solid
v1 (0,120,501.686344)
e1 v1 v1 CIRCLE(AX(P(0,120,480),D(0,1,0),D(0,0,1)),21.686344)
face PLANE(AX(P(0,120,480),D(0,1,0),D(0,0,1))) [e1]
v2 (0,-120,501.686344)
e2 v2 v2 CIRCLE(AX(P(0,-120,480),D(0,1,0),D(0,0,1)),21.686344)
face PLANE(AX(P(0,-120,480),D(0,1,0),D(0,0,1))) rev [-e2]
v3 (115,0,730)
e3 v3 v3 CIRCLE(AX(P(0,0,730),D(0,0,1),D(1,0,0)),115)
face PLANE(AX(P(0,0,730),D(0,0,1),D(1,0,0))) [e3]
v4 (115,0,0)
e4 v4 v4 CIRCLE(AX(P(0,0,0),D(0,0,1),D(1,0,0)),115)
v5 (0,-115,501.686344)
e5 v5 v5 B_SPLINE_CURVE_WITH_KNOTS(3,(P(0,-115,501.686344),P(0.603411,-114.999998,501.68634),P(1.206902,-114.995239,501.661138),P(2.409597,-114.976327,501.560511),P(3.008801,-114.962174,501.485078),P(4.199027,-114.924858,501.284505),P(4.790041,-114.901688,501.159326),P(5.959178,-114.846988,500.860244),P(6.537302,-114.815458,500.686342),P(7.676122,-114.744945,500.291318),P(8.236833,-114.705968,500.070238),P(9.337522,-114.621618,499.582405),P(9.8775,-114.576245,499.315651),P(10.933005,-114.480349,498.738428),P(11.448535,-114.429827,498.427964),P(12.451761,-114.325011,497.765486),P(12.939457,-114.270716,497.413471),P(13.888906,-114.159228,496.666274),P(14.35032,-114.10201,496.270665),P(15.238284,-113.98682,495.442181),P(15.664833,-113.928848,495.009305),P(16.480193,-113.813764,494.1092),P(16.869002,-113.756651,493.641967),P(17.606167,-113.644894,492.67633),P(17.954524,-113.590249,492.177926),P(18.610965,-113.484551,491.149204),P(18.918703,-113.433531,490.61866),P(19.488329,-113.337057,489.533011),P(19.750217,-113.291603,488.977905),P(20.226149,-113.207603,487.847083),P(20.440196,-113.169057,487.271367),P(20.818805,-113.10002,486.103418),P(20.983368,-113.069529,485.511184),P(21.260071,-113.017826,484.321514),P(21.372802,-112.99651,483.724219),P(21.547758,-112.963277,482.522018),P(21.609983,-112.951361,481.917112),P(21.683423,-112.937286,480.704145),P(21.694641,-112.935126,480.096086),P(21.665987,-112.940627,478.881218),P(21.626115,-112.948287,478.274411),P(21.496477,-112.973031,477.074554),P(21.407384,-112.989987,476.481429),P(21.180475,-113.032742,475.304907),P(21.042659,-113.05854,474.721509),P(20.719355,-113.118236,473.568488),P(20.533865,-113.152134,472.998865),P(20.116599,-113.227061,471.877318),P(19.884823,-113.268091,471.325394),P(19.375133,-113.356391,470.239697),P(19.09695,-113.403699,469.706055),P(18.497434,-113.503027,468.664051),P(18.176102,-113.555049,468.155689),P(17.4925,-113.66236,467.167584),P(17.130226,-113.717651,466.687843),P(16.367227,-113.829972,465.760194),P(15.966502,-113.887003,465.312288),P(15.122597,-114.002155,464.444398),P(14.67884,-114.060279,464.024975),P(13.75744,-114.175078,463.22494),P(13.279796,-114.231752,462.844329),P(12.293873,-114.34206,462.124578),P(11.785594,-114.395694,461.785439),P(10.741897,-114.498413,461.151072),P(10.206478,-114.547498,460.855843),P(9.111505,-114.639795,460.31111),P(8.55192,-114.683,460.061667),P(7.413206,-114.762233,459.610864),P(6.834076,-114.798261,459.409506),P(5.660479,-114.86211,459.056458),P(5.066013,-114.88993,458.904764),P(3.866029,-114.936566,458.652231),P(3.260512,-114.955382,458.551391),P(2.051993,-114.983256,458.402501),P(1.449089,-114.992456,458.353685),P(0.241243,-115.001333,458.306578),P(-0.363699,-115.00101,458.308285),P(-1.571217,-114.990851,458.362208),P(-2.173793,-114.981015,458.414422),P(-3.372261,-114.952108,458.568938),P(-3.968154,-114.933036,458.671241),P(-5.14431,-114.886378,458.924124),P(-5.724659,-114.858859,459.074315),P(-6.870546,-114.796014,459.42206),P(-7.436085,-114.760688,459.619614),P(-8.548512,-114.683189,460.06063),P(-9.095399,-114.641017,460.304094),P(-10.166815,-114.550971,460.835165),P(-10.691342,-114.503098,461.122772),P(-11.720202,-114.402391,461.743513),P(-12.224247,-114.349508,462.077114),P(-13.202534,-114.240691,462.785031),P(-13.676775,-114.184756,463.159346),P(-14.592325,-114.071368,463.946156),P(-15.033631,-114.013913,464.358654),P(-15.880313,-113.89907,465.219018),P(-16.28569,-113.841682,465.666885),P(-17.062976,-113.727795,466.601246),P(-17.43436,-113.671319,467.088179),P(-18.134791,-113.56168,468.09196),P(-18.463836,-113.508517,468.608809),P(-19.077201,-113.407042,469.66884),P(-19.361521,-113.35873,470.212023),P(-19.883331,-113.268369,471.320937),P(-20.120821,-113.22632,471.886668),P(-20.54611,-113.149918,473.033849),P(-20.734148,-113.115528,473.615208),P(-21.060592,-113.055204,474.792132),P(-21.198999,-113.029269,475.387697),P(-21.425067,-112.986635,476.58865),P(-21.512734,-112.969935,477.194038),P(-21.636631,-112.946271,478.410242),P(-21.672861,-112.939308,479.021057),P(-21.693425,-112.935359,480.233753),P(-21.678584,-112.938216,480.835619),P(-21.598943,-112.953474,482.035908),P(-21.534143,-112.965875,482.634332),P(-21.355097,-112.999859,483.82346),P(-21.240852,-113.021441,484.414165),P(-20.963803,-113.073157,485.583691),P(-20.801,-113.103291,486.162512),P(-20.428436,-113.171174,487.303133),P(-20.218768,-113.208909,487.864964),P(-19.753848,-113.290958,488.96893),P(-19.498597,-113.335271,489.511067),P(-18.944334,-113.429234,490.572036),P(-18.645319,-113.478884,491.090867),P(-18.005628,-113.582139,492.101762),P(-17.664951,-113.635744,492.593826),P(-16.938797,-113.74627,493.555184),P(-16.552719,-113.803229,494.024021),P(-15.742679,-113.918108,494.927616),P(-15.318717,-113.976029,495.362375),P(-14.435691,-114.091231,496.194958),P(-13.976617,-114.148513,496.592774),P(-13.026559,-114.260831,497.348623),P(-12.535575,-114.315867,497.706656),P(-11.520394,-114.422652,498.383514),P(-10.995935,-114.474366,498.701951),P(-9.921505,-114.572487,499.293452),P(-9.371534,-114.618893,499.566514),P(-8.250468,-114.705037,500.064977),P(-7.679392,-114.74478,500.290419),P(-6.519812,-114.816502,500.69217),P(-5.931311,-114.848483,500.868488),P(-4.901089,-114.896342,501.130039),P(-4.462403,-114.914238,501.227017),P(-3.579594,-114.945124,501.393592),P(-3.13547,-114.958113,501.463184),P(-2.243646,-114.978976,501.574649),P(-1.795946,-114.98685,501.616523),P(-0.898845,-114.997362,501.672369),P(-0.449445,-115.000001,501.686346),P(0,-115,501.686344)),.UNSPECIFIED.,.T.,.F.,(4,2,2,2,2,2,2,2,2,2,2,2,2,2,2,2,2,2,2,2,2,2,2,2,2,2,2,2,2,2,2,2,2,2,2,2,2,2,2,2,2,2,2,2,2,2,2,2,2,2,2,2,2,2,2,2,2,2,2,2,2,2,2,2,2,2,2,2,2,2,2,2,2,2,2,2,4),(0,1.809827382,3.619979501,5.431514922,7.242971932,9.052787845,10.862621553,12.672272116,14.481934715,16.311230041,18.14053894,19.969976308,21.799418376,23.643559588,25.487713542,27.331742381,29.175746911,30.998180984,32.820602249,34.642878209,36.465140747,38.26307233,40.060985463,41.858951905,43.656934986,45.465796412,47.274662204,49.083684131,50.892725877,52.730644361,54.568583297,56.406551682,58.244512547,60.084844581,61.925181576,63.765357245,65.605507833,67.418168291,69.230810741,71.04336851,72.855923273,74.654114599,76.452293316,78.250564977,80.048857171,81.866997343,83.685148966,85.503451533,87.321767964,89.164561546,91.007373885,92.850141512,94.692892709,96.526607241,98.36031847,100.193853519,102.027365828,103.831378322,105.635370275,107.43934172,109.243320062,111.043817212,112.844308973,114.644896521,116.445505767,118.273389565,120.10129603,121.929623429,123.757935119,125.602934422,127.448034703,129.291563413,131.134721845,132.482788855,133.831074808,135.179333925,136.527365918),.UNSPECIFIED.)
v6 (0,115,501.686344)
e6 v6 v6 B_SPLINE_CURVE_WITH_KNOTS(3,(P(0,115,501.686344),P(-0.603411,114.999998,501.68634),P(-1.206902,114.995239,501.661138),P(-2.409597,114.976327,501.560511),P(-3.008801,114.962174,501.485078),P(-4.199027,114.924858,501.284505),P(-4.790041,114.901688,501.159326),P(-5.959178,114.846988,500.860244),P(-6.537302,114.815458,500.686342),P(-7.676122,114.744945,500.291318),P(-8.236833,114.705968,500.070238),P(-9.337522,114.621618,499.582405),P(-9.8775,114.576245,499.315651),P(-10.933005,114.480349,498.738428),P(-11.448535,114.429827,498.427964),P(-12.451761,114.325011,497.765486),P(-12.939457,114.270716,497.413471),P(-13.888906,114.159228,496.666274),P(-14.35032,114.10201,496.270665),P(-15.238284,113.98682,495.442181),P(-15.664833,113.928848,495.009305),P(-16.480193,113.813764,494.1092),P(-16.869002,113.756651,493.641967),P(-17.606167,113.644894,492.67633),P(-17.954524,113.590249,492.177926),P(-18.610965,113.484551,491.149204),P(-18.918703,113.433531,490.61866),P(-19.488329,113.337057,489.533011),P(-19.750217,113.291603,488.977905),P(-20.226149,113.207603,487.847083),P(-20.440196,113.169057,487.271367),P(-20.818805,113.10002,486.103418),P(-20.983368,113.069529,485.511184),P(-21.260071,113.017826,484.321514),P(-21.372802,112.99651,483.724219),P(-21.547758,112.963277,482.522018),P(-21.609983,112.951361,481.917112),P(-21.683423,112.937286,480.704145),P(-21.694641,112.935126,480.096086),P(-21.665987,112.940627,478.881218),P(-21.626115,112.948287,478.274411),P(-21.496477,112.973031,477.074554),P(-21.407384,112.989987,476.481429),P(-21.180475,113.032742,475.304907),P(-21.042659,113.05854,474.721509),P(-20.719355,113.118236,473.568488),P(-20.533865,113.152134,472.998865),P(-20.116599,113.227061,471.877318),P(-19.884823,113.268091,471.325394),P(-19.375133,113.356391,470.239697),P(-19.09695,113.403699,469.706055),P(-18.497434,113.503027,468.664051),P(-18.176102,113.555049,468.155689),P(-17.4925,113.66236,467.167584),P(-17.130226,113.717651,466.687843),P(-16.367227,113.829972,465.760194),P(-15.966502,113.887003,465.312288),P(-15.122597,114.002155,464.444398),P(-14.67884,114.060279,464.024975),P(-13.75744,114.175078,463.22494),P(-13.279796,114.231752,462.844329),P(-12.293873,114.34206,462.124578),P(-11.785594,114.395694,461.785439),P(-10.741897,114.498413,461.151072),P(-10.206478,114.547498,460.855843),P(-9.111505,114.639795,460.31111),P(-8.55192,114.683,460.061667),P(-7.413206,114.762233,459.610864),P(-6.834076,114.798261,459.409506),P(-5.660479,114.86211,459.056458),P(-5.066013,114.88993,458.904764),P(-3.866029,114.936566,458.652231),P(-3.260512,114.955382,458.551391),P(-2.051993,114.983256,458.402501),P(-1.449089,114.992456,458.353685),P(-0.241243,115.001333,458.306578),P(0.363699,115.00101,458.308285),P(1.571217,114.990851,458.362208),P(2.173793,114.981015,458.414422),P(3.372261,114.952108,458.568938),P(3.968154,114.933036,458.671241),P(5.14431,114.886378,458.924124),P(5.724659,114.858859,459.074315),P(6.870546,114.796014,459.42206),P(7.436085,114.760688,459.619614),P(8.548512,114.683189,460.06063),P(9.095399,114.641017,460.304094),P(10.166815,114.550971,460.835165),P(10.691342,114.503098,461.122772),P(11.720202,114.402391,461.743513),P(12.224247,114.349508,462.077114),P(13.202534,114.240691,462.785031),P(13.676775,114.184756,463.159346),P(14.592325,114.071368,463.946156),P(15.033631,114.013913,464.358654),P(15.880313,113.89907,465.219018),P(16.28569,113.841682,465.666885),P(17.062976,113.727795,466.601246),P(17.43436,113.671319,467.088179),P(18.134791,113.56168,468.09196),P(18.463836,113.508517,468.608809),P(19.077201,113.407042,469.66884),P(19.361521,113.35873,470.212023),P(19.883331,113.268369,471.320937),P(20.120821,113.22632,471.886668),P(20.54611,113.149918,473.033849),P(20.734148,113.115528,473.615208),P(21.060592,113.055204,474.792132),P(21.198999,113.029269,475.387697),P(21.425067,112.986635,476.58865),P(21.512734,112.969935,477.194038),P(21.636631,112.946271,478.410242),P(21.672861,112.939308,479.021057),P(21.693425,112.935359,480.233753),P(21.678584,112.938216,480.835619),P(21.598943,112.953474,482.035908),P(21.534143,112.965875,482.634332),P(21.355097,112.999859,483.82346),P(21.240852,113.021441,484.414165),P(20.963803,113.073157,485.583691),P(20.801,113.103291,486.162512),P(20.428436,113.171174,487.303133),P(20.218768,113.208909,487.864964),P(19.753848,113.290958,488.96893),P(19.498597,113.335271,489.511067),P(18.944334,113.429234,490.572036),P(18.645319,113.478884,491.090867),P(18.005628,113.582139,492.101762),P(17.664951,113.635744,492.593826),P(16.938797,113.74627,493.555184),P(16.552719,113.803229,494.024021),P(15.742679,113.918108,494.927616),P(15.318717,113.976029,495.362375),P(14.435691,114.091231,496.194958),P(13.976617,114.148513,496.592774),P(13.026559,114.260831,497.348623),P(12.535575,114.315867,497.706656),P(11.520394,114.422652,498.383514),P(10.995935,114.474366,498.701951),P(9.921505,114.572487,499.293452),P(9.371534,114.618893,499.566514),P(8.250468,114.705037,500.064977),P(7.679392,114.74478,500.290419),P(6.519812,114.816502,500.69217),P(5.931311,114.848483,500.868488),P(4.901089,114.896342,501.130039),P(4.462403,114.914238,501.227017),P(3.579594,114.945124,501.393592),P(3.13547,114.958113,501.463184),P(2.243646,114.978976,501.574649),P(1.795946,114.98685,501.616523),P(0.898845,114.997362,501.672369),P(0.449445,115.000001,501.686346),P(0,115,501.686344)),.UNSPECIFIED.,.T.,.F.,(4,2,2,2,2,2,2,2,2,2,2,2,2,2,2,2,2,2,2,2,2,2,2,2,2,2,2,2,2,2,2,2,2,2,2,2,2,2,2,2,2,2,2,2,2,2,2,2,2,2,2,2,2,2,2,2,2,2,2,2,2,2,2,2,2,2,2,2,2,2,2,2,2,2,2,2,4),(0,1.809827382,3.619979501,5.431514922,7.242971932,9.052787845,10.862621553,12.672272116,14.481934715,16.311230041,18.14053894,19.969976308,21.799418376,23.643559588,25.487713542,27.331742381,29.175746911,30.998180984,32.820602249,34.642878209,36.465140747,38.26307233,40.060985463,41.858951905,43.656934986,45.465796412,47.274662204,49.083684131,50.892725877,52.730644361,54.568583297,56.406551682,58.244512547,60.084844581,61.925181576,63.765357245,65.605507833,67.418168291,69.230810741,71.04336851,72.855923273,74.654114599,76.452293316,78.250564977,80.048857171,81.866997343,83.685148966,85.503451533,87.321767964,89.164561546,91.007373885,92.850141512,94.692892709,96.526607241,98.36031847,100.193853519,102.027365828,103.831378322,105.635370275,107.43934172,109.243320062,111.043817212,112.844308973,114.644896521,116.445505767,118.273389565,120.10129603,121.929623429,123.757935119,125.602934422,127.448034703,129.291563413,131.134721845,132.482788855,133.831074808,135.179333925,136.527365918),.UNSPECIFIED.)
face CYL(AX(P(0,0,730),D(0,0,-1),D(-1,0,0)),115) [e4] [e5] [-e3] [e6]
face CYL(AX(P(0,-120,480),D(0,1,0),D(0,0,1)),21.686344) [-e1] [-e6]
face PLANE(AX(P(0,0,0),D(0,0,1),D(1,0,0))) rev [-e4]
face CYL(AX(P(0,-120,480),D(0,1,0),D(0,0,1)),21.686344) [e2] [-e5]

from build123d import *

# Parameters (mm, degrees)
SKIZZE1_R                            = 115
AUFSATZ_LINEAR_AUSTRAGEN1_DEPTH      = 730
AUFSATZ_LINEAR_AUSTRAGEN2_DEPTH      = 120
AUFSATZ_LINEAR_AUSTRAGEN2_DEPTH_BACK = 120
SKIZZE2_R                            = 21.686343762


with BuildPart() as part:
    # Skizze1 → Aufsatz-Linear austragen1 (new body)
    with BuildSketch(Plane.XY):
        Circle(SKIZZE1_R)
    extrude(amount=AUFSATZ_LINEAR_AUSTRAGEN1_DEPTH)

    # Skizze2 → Aufsatz-Linear austragen2 (add, two sides: drawn at the far end of the back side and taken through both)
    with BuildSketch(Plane(origin=(0, 0, 0), x_dir=(1, 0, 0), z_dir=(0, 1, 0)).offset(-AUFSATZ_LINEAR_AUSTRAGEN2_DEPTH_BACK)):
        with Locations((0, -480)):
            Circle(SKIZZE2_R)
    extrude(amount=AUFSATZ_LINEAR_AUSTRAGEN2_DEPTH + AUFSATZ_LINEAR_AUSTRAGEN2_DEPTH_BACK)


solid = part.part
